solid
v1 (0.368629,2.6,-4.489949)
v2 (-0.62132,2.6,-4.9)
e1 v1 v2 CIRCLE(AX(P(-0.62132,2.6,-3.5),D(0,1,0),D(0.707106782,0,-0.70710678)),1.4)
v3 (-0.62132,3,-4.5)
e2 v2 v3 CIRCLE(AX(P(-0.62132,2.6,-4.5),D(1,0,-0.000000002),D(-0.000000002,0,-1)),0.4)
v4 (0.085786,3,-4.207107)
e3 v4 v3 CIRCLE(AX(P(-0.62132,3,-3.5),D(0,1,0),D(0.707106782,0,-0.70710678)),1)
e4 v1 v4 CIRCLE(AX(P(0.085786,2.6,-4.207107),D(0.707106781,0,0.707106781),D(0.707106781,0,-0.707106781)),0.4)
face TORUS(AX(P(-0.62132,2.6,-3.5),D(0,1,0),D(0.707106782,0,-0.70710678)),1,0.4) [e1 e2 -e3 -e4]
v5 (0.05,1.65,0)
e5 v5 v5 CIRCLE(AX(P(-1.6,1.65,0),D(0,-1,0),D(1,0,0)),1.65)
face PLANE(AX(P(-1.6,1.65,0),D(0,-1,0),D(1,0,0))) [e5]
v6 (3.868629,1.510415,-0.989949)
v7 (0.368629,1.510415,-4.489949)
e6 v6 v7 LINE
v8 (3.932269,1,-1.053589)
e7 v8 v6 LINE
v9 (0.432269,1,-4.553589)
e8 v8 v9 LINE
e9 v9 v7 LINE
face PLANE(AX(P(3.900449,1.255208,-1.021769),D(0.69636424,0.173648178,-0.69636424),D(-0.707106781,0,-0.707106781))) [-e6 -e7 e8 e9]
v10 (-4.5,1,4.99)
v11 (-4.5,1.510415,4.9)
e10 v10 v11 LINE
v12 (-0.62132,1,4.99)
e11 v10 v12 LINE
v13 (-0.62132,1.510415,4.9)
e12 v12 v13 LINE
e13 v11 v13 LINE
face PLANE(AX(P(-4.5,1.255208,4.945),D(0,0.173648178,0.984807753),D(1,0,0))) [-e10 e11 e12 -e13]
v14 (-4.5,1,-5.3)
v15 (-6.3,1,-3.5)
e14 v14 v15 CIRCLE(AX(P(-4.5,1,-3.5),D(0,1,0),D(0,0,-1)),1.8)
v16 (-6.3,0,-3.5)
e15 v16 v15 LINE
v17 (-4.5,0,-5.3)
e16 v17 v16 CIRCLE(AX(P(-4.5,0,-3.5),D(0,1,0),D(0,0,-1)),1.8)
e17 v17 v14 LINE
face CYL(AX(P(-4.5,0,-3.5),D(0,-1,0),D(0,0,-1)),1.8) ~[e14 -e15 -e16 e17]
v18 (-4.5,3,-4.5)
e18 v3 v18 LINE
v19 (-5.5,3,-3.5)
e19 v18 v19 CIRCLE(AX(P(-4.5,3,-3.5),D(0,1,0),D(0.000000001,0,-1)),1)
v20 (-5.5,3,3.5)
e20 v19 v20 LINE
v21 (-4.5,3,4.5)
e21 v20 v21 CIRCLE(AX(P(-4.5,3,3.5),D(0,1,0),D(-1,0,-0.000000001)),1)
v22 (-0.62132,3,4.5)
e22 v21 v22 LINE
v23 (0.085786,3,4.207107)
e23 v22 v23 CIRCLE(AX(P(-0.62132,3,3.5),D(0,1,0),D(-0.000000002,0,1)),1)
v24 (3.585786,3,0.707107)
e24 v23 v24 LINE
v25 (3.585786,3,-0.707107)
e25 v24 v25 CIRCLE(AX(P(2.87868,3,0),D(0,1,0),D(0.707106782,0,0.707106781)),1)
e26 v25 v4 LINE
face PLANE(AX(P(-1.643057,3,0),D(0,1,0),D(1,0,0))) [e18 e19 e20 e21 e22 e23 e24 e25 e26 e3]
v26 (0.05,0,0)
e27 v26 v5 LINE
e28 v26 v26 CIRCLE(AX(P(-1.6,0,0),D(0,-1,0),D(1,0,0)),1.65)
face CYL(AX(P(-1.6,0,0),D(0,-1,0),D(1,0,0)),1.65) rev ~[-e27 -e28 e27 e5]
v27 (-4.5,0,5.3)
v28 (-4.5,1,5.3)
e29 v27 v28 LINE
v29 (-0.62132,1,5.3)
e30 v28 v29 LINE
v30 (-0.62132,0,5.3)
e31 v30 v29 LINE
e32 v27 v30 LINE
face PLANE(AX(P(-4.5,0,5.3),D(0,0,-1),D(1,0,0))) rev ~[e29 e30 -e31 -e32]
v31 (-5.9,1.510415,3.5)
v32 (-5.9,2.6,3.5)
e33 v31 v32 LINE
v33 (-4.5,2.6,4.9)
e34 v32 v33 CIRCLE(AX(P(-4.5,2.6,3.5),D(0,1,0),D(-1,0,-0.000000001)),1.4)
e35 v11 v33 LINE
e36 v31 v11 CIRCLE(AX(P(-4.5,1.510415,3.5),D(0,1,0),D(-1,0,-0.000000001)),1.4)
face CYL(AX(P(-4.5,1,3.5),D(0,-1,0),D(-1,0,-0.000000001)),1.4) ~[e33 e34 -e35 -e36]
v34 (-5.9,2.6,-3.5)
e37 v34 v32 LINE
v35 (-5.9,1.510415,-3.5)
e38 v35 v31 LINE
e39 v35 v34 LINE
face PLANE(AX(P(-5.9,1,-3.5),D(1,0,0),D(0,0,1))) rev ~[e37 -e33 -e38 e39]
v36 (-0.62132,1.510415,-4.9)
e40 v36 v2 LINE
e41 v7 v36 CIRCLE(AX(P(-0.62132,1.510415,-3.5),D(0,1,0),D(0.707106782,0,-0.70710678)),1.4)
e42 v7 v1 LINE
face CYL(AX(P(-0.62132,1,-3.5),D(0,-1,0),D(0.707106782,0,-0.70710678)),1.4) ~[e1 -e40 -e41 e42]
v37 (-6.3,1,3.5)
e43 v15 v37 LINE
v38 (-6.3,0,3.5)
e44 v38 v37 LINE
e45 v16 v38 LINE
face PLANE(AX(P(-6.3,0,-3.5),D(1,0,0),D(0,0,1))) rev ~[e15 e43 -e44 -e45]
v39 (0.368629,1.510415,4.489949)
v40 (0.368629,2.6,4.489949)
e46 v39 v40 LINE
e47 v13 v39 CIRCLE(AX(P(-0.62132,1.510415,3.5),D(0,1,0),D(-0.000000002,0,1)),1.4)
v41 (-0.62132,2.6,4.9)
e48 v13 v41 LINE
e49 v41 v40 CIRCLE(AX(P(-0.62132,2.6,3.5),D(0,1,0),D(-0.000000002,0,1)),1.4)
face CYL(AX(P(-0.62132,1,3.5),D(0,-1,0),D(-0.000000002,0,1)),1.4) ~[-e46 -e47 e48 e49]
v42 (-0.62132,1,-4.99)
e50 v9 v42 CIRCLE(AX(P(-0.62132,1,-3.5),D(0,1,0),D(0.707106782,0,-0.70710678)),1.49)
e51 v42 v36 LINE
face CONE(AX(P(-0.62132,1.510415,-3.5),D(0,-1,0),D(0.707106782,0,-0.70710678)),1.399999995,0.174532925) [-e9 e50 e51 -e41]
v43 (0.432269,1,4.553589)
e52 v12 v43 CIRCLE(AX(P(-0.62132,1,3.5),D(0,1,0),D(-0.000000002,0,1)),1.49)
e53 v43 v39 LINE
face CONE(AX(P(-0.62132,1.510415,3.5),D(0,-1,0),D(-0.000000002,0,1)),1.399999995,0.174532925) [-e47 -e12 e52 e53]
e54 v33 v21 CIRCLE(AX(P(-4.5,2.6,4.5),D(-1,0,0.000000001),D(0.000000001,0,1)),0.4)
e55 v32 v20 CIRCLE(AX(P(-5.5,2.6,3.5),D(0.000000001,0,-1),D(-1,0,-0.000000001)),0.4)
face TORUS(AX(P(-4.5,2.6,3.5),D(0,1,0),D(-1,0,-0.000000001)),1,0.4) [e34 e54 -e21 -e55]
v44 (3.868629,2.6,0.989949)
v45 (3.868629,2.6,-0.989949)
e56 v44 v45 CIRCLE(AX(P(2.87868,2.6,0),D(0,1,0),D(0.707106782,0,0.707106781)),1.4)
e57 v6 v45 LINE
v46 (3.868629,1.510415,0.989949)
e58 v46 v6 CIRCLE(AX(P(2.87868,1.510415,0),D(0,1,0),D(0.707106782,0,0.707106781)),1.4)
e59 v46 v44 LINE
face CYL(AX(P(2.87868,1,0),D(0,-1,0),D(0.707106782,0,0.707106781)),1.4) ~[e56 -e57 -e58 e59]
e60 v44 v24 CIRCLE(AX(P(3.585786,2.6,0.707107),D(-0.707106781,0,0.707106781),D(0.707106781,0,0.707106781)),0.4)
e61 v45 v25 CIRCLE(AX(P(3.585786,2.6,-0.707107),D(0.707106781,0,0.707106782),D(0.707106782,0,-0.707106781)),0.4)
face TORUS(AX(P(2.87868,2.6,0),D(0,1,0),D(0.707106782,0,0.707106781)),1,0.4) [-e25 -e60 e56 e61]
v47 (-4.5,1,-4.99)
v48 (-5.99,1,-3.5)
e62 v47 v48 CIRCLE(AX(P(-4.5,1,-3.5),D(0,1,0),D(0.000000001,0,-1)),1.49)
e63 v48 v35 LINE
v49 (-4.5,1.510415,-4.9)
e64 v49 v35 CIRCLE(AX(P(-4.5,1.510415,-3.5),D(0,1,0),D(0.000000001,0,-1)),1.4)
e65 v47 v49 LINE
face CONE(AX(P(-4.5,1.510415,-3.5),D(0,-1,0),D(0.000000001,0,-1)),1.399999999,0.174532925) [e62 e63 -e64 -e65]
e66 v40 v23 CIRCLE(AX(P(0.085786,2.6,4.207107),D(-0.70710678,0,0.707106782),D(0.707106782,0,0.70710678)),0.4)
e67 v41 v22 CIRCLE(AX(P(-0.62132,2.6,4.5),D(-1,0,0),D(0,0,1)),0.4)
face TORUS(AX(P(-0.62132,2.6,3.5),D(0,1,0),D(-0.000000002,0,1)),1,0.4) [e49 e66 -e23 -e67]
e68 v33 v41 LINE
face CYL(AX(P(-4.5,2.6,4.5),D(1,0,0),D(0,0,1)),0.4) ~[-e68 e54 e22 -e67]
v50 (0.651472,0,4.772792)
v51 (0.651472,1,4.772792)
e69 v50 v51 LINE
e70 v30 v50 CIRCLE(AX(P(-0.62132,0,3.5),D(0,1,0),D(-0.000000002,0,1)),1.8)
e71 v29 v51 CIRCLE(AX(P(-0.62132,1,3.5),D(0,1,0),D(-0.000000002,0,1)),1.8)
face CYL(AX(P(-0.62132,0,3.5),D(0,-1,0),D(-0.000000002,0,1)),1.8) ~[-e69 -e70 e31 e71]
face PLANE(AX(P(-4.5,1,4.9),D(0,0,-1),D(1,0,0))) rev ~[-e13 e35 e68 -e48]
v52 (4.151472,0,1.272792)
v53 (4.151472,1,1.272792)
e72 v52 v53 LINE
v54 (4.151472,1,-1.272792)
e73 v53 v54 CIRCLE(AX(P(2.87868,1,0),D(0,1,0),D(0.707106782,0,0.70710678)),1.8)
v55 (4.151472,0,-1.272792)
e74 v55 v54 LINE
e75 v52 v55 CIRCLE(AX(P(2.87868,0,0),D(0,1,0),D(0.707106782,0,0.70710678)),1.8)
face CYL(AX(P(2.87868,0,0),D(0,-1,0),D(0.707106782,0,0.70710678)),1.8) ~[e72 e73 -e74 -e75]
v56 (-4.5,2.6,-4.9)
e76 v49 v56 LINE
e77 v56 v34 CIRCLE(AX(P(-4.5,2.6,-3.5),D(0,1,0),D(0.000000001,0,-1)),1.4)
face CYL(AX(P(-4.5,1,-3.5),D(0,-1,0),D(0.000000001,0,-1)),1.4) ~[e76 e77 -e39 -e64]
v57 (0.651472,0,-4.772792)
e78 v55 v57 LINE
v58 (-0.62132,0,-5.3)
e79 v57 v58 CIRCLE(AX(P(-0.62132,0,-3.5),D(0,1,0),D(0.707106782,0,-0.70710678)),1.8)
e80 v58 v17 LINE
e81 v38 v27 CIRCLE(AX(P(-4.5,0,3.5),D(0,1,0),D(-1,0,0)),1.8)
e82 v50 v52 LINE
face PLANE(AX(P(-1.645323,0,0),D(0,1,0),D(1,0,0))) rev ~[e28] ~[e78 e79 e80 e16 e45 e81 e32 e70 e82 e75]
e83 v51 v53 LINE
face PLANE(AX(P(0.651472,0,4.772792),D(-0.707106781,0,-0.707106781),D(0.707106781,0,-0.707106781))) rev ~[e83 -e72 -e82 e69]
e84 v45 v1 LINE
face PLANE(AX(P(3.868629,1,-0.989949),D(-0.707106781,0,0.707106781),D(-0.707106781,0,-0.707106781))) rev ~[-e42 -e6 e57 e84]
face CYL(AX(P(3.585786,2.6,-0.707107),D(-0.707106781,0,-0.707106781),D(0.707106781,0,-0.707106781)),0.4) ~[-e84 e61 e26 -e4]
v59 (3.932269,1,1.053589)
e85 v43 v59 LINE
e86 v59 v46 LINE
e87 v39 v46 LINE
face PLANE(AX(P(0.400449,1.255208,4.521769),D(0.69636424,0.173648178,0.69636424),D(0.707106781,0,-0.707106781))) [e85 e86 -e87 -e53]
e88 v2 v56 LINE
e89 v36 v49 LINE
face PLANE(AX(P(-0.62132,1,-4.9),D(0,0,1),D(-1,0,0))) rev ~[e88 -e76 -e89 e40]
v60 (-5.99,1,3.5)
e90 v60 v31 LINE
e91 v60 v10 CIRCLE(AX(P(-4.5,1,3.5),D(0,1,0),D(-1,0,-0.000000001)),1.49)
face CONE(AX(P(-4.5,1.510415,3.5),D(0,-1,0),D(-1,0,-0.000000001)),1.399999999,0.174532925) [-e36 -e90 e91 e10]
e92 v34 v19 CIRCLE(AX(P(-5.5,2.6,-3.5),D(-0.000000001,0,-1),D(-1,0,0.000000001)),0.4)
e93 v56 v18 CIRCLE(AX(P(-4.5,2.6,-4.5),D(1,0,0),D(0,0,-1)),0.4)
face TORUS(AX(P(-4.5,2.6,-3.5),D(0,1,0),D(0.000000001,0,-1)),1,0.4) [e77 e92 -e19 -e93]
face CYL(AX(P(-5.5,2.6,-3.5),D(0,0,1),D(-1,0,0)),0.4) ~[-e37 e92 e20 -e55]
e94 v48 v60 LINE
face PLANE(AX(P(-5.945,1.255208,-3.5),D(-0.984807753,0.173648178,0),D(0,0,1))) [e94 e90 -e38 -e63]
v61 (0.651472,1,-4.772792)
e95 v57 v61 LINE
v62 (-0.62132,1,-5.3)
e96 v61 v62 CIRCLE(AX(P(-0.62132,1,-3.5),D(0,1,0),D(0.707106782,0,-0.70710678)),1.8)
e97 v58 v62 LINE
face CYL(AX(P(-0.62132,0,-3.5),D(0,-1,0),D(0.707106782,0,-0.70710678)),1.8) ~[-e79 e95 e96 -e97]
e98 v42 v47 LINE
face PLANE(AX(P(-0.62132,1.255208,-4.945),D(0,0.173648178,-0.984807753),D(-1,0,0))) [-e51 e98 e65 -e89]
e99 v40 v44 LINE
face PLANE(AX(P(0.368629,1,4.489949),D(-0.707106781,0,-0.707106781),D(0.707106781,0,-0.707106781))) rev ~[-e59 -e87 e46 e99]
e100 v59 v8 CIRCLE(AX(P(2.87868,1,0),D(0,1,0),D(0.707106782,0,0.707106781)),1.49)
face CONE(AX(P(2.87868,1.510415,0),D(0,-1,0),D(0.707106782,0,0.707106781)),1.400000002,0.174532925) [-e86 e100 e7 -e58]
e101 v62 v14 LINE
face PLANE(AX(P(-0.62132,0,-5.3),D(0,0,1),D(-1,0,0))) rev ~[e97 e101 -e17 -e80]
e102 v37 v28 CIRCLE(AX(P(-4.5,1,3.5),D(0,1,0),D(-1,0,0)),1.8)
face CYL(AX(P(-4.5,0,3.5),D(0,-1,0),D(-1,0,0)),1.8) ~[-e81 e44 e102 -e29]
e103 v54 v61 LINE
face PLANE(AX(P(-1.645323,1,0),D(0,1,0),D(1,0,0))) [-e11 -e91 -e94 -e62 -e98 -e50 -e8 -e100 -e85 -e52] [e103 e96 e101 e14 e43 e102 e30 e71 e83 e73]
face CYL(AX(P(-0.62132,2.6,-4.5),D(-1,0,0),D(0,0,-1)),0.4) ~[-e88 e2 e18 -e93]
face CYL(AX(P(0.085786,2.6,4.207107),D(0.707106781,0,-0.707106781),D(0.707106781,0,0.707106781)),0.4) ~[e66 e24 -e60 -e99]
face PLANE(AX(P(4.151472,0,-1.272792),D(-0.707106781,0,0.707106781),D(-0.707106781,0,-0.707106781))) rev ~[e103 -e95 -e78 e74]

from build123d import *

# Parameters (mm, degrees)
EXTRUDE_3_DEPTH     = 1
EXTRUDE_4_DEPTH     = 2
CHAMFER_1_SIZE      = 0.09
CHAMFER_1_SIZE2     = 0.510415364
FILLET_3_R          = 0.4
SKETCH_8_R          = 1.65
CUT_EXTRUDE_1_DEPTH = 1.65


with BuildPart() as part:
    # 草图5 → 凸台-拉伸3 (new body)
    with BuildSketch(Plane(origin=(0, 0, 0), x_dir=(1, 0, 0), z_dir=(0, 1, 0))):
        with BuildLine():
            Line((-4.5, -5.3), (-0.621320344, -5.3))
            ThreePointArc((-0.621320344, -5.3), (0.067509835, -5.162983159), (0.651471863, -4.772792206))
            Line((0.651471863, -4.772792206), (4.151471863, -1.272792206))
            ThreePointArc((4.151471863, -1.272792206), (4.678679656, 0), (4.151471863, 1.272792206))
            Line((4.151471863, 1.272792206), (0.651471863, 4.772792206))
            ThreePointArc((0.651471863, 4.772792206), (0.067509835, 5.162983159), (-0.621320344, 5.3))
            Line((-0.621320344, 5.3), (-4.5, 5.3))
            ThreePointArc((-4.5, 5.3), (-5.772792206, 4.772792206), (-6.3, 3.5))
            Line((-6.3, 3.5), (-6.3, -3.5))
            ThreePointArc((-6.3, -3.5), (-5.772792206, -4.772792206), (-4.5, -5.3))
        make_face()
    extrude(amount=EXTRUDE_3_DEPTH)

    # 草图6 → 凸台-拉伸4 (add)
    with BuildSketch(Plane(origin=(0, 1, 0), x_dir=(1, 0, 0), z_dir=(0, 1, 0))):
        with BuildLine():
            Line((-4.5, -4.9), (-0.621320344, -4.9))
            ThreePointArc((-0.621320344, -4.9), (-0.085563538, -4.793431346), (0.36862915, -4.489949494))
            Line((0.36862915, -4.489949494), (3.86862915, -0.989949494))
            ThreePointArc((3.86862915, -0.989949494), (4.278679656, 0), (3.86862915, 0.989949494))
            Line((3.86862915, 0.989949494), (0.36862915, 4.489949494))
            ThreePointArc((0.36862915, 4.489949494), (-0.085563538, 4.793431346), (-0.621320344, 4.9))
            Line((-0.621320344, 4.9), (-4.5, 4.9))
            ThreePointArc((-4.5, 4.9), (-5.489949494, 4.489949494), (-5.9, 3.5))
            Line((-5.9, 3.5), (-5.9, -3.5))
            ThreePointArc((-5.9, -3.5), (-5.489949494, -4.489949494), (-4.5, -4.9))
        make_face()
    extrude(amount=EXTRUDE_4_DEPTH)

    # 倒角1
    chamfer_1_edges = [part.edges().sort_by_distance(p)[0] for p in [
        (-5.489949494, 1, 4.489949494),
        (-2.560660172, 1, 4.9),
        (-0.085563538, 1, 4.793431346),
        (2.11862915, 1, 2.739949494),
        (4.278679656, 1, 0),
        (2.11862915, 1, -2.739949494),
        (-0.085563538, 1, -4.793431346),
        (-2.560660172, 1, -4.9),
        (-5.489949494, 1, -4.489949494),
        (-5.9, 1, 0),
    ]]
    chamfer_1_side = [part.faces().sort_by_distance(p)[0] for p in [
        (-2.560660172, 1, 5.1473922),
    ]]
    chamfer(chamfer_1_edges, length=CHAMFER_1_SIZE, length2=CHAMFER_1_SIZE2, reference=chamfer_1_side[0])

    # 圆角3
    fillet_3_edges = [part.edges().sort_by_distance(p)[0] for p in [
        (-5.489949494, 3, 4.489949494),
        (-2.560660172, 3, 4.9),
        (-0.085563538, 3, 4.793431346),
        (2.11862915, 3, 2.739949494),
        (4.278679656, 3, 0),
        (2.11862915, 3, -2.739949494),
        (-0.085563538, 3, -4.793431346),
        (-2.560660172, 3, -4.9),
        (-5.489949494, 3, -4.489949494),
        (-5.9, 3, 0),
    ]]
    fillet(fillet_3_edges, radius=FILLET_3_R)

    # 草图8 → 切除-拉伸1 (cut)
    with BuildSketch(Plane.XZ):
        with Locations((-1.6, 0)):
            Circle(SKETCH_8_R)
    extrude(amount=-CUT_EXTRUDE_1_DEPTH, mode=Mode.SUBTRACT)


solid = part.part
